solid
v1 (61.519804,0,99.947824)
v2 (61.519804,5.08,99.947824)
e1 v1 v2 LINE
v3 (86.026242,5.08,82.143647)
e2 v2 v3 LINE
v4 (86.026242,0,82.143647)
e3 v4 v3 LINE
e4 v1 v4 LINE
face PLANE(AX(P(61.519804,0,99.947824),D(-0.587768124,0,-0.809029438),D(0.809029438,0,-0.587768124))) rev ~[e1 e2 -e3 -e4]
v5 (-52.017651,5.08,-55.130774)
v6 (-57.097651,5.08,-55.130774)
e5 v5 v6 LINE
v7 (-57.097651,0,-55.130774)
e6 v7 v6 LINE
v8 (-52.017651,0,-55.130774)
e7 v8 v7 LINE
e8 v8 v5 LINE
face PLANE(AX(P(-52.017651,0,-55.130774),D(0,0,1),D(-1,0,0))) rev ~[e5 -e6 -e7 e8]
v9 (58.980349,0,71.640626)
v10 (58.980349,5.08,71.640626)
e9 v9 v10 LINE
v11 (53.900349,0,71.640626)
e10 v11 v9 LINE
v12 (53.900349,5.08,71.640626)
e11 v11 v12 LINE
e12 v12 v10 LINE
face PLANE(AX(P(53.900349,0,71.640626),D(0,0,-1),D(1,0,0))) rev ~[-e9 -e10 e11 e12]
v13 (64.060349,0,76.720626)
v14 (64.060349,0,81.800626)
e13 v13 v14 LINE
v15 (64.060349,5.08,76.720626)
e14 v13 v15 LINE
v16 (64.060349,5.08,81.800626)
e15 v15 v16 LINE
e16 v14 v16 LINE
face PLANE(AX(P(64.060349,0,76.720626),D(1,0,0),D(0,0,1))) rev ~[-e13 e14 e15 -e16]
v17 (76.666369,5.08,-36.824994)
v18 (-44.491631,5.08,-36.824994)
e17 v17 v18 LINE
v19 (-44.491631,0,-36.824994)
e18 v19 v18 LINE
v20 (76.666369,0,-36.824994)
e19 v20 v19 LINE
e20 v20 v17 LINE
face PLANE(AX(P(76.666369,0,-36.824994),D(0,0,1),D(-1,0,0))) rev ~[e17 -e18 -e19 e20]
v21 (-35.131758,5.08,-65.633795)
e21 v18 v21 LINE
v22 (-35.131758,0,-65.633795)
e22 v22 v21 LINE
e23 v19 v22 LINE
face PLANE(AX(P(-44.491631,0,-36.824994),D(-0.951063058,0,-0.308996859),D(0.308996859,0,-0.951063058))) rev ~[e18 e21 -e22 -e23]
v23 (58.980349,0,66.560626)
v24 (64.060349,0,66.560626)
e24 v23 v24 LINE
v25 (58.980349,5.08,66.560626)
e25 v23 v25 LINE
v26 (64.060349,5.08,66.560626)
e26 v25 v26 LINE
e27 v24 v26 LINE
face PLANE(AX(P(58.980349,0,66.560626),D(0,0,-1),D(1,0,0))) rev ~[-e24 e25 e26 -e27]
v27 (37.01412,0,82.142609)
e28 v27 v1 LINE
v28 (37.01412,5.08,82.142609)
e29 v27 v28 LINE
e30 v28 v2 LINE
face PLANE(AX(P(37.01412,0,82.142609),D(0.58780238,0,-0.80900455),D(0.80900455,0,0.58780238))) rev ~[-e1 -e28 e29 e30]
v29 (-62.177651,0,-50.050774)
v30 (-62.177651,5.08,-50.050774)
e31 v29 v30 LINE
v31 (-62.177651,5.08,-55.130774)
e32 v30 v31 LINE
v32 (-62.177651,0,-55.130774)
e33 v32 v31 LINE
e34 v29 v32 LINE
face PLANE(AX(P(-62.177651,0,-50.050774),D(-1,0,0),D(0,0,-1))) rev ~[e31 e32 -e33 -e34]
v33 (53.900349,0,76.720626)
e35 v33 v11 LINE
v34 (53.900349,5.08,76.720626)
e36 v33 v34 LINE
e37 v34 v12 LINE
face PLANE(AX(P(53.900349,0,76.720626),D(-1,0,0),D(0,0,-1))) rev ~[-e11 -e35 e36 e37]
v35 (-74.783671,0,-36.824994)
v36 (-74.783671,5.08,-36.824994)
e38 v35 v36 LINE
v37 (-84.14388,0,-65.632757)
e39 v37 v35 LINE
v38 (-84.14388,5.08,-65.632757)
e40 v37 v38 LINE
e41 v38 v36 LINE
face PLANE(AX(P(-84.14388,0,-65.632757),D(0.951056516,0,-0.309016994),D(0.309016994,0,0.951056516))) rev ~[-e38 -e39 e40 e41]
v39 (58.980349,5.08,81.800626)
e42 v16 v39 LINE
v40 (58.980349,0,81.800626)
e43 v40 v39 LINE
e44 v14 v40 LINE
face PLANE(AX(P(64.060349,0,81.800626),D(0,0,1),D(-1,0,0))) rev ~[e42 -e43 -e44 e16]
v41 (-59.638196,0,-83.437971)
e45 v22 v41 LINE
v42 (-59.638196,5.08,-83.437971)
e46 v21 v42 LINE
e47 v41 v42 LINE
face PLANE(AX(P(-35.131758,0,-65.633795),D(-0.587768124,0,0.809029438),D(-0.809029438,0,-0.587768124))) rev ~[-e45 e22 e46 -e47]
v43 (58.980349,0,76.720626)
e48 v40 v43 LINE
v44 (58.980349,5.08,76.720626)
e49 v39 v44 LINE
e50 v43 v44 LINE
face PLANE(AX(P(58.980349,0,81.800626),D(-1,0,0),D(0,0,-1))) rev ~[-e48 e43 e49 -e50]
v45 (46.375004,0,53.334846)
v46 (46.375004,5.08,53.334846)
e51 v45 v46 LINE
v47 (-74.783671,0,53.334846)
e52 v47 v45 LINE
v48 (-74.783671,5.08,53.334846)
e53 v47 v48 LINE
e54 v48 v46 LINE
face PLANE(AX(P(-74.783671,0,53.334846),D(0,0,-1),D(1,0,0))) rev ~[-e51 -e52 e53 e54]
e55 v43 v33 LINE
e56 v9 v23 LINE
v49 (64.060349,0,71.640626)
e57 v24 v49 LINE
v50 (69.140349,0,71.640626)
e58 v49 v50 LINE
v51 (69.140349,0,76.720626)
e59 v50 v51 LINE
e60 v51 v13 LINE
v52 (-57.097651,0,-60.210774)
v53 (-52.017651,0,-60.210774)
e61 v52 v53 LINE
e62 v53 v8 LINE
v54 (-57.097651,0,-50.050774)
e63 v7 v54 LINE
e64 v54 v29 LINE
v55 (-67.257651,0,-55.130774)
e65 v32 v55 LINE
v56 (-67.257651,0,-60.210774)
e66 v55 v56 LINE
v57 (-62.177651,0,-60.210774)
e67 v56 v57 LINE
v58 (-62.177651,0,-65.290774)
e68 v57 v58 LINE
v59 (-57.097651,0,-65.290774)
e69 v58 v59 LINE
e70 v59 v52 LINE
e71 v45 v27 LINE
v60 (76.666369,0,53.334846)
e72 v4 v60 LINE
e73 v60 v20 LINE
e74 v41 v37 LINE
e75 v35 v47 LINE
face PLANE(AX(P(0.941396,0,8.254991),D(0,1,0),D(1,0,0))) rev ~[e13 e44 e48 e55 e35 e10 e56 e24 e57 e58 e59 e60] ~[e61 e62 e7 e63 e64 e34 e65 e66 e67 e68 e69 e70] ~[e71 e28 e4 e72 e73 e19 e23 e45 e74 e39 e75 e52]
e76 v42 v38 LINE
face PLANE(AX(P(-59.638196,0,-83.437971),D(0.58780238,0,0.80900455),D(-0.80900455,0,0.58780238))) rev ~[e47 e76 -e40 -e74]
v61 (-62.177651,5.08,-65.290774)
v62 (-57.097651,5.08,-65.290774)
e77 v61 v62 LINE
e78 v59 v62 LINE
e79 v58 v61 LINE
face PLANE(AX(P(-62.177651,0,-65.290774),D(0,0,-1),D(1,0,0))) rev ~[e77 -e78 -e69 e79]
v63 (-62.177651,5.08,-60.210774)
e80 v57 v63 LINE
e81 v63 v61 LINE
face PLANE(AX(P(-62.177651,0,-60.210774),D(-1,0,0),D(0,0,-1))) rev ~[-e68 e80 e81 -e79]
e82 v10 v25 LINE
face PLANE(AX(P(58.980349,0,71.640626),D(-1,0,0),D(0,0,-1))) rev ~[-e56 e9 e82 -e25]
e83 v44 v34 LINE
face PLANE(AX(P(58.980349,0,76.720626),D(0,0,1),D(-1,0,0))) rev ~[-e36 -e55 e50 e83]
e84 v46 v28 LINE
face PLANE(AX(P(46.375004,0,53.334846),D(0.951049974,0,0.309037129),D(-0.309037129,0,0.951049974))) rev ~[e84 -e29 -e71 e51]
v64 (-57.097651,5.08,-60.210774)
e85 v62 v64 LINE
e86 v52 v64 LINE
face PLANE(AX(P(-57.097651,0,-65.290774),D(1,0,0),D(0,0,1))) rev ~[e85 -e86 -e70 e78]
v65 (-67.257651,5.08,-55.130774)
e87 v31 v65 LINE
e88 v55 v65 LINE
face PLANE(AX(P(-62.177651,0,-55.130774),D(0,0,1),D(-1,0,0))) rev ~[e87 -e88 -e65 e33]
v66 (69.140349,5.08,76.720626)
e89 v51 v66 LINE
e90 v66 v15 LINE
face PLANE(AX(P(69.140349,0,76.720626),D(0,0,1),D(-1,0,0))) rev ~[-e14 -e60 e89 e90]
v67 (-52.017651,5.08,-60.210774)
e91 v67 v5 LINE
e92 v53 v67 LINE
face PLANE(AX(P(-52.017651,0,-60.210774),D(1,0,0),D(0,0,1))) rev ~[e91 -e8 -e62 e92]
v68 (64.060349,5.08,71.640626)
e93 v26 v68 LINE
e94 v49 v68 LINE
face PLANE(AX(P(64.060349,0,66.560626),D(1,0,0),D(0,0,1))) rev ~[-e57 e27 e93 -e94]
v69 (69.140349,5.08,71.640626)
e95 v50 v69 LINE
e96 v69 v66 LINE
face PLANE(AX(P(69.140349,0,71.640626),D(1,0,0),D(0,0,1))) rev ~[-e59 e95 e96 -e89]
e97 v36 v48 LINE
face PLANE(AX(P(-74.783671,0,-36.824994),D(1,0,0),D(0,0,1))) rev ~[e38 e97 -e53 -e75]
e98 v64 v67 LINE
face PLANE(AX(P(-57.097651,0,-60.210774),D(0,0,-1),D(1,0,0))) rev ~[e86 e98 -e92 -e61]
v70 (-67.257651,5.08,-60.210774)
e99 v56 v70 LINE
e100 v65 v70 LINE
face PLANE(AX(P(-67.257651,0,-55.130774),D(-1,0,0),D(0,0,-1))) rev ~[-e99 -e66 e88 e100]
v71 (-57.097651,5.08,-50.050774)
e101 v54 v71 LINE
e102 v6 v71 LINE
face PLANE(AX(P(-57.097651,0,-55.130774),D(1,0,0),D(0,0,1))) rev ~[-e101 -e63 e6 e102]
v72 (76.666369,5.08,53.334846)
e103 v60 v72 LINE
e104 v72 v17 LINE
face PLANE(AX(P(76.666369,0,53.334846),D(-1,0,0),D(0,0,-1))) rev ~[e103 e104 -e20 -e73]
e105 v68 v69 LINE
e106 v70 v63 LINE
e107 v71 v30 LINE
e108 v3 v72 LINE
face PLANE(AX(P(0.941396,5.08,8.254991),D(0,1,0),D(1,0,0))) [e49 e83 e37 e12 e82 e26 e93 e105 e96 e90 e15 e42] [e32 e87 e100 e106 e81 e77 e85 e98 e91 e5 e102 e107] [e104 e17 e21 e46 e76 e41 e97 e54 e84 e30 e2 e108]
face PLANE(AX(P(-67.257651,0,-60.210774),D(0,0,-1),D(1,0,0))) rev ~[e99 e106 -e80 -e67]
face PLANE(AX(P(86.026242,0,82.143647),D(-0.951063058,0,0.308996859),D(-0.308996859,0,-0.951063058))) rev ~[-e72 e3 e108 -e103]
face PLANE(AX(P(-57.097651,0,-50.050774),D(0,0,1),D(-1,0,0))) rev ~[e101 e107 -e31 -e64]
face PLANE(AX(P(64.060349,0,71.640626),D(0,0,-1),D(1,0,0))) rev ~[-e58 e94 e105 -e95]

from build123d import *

# Parameters (mm, degrees)
BOSS_EXTRUDE1_DEPTH = 5.08


with BuildPart() as part:
    # Sketch1 → Boss-Extrude1 (new body)
    with BuildSketch(Plane(origin=(0, 0, 0), x_dir=(1, 0, 0), z_dir=(0, 1, 0))):
        Polygon((-74.783670705, 36.824993776), (-74.783670705, -53.334846224), (46.37500358, -53.334846224), (37.014119661, -82.142609318), (61.519803774, -99.947823692), (86.026241778, -82.14364696), (76.666369295, -53.334846224), (76.666369295, 36.824993776), (-44.491630705, 36.824993776), (-35.131758222, 65.633794512), (-59.638196226, 83.437971244), (-84.143880339, 65.63275687), align=None)
        Polygon((-59.637650705, 65.290773776), (-57.097650705, 65.290773776), (-57.097650705, 60.210773776), (-52.017650705, 60.210773776), (-52.017650705, 57.670773776), (-52.017650705, 55.130773776), (-57.097650705, 55.130773776), (-57.097650705, 50.050773776), (-59.637650705, 50.050773776), (-62.177650705, 50.050773776), (-62.177650705, 55.130773776), (-67.257650705, 55.130773776), (-67.257650705, 57.670773776), (-67.257650705, 60.210773776), (-62.177650705, 60.210773776), (-62.177650705, 65.290773776), align=None, mode=Mode.SUBTRACT)
        Polygon((69.140349295, -74.180626224), (69.140349295, -76.720626224), (64.060349295, -76.720626224), (64.060349295, -81.800626224), (61.520349295, -81.800626224), (58.980349295, -81.800626224), (58.980349295, -76.720626224), (53.900349295, -76.720626224), (53.900349295, -74.180626224), (53.900349295, -71.640626224), (58.980349295, -71.640626224), (58.980349295, -66.560626224), (61.520349295, -66.560626224), (64.060349295, -66.560626224), (64.060349295, -71.640626224), (69.140349295, -71.640626224), align=None, mode=Mode.SUBTRACT)
    extrude(amount=BOSS_EXTRUDE1_DEPTH)


solid = part.part
